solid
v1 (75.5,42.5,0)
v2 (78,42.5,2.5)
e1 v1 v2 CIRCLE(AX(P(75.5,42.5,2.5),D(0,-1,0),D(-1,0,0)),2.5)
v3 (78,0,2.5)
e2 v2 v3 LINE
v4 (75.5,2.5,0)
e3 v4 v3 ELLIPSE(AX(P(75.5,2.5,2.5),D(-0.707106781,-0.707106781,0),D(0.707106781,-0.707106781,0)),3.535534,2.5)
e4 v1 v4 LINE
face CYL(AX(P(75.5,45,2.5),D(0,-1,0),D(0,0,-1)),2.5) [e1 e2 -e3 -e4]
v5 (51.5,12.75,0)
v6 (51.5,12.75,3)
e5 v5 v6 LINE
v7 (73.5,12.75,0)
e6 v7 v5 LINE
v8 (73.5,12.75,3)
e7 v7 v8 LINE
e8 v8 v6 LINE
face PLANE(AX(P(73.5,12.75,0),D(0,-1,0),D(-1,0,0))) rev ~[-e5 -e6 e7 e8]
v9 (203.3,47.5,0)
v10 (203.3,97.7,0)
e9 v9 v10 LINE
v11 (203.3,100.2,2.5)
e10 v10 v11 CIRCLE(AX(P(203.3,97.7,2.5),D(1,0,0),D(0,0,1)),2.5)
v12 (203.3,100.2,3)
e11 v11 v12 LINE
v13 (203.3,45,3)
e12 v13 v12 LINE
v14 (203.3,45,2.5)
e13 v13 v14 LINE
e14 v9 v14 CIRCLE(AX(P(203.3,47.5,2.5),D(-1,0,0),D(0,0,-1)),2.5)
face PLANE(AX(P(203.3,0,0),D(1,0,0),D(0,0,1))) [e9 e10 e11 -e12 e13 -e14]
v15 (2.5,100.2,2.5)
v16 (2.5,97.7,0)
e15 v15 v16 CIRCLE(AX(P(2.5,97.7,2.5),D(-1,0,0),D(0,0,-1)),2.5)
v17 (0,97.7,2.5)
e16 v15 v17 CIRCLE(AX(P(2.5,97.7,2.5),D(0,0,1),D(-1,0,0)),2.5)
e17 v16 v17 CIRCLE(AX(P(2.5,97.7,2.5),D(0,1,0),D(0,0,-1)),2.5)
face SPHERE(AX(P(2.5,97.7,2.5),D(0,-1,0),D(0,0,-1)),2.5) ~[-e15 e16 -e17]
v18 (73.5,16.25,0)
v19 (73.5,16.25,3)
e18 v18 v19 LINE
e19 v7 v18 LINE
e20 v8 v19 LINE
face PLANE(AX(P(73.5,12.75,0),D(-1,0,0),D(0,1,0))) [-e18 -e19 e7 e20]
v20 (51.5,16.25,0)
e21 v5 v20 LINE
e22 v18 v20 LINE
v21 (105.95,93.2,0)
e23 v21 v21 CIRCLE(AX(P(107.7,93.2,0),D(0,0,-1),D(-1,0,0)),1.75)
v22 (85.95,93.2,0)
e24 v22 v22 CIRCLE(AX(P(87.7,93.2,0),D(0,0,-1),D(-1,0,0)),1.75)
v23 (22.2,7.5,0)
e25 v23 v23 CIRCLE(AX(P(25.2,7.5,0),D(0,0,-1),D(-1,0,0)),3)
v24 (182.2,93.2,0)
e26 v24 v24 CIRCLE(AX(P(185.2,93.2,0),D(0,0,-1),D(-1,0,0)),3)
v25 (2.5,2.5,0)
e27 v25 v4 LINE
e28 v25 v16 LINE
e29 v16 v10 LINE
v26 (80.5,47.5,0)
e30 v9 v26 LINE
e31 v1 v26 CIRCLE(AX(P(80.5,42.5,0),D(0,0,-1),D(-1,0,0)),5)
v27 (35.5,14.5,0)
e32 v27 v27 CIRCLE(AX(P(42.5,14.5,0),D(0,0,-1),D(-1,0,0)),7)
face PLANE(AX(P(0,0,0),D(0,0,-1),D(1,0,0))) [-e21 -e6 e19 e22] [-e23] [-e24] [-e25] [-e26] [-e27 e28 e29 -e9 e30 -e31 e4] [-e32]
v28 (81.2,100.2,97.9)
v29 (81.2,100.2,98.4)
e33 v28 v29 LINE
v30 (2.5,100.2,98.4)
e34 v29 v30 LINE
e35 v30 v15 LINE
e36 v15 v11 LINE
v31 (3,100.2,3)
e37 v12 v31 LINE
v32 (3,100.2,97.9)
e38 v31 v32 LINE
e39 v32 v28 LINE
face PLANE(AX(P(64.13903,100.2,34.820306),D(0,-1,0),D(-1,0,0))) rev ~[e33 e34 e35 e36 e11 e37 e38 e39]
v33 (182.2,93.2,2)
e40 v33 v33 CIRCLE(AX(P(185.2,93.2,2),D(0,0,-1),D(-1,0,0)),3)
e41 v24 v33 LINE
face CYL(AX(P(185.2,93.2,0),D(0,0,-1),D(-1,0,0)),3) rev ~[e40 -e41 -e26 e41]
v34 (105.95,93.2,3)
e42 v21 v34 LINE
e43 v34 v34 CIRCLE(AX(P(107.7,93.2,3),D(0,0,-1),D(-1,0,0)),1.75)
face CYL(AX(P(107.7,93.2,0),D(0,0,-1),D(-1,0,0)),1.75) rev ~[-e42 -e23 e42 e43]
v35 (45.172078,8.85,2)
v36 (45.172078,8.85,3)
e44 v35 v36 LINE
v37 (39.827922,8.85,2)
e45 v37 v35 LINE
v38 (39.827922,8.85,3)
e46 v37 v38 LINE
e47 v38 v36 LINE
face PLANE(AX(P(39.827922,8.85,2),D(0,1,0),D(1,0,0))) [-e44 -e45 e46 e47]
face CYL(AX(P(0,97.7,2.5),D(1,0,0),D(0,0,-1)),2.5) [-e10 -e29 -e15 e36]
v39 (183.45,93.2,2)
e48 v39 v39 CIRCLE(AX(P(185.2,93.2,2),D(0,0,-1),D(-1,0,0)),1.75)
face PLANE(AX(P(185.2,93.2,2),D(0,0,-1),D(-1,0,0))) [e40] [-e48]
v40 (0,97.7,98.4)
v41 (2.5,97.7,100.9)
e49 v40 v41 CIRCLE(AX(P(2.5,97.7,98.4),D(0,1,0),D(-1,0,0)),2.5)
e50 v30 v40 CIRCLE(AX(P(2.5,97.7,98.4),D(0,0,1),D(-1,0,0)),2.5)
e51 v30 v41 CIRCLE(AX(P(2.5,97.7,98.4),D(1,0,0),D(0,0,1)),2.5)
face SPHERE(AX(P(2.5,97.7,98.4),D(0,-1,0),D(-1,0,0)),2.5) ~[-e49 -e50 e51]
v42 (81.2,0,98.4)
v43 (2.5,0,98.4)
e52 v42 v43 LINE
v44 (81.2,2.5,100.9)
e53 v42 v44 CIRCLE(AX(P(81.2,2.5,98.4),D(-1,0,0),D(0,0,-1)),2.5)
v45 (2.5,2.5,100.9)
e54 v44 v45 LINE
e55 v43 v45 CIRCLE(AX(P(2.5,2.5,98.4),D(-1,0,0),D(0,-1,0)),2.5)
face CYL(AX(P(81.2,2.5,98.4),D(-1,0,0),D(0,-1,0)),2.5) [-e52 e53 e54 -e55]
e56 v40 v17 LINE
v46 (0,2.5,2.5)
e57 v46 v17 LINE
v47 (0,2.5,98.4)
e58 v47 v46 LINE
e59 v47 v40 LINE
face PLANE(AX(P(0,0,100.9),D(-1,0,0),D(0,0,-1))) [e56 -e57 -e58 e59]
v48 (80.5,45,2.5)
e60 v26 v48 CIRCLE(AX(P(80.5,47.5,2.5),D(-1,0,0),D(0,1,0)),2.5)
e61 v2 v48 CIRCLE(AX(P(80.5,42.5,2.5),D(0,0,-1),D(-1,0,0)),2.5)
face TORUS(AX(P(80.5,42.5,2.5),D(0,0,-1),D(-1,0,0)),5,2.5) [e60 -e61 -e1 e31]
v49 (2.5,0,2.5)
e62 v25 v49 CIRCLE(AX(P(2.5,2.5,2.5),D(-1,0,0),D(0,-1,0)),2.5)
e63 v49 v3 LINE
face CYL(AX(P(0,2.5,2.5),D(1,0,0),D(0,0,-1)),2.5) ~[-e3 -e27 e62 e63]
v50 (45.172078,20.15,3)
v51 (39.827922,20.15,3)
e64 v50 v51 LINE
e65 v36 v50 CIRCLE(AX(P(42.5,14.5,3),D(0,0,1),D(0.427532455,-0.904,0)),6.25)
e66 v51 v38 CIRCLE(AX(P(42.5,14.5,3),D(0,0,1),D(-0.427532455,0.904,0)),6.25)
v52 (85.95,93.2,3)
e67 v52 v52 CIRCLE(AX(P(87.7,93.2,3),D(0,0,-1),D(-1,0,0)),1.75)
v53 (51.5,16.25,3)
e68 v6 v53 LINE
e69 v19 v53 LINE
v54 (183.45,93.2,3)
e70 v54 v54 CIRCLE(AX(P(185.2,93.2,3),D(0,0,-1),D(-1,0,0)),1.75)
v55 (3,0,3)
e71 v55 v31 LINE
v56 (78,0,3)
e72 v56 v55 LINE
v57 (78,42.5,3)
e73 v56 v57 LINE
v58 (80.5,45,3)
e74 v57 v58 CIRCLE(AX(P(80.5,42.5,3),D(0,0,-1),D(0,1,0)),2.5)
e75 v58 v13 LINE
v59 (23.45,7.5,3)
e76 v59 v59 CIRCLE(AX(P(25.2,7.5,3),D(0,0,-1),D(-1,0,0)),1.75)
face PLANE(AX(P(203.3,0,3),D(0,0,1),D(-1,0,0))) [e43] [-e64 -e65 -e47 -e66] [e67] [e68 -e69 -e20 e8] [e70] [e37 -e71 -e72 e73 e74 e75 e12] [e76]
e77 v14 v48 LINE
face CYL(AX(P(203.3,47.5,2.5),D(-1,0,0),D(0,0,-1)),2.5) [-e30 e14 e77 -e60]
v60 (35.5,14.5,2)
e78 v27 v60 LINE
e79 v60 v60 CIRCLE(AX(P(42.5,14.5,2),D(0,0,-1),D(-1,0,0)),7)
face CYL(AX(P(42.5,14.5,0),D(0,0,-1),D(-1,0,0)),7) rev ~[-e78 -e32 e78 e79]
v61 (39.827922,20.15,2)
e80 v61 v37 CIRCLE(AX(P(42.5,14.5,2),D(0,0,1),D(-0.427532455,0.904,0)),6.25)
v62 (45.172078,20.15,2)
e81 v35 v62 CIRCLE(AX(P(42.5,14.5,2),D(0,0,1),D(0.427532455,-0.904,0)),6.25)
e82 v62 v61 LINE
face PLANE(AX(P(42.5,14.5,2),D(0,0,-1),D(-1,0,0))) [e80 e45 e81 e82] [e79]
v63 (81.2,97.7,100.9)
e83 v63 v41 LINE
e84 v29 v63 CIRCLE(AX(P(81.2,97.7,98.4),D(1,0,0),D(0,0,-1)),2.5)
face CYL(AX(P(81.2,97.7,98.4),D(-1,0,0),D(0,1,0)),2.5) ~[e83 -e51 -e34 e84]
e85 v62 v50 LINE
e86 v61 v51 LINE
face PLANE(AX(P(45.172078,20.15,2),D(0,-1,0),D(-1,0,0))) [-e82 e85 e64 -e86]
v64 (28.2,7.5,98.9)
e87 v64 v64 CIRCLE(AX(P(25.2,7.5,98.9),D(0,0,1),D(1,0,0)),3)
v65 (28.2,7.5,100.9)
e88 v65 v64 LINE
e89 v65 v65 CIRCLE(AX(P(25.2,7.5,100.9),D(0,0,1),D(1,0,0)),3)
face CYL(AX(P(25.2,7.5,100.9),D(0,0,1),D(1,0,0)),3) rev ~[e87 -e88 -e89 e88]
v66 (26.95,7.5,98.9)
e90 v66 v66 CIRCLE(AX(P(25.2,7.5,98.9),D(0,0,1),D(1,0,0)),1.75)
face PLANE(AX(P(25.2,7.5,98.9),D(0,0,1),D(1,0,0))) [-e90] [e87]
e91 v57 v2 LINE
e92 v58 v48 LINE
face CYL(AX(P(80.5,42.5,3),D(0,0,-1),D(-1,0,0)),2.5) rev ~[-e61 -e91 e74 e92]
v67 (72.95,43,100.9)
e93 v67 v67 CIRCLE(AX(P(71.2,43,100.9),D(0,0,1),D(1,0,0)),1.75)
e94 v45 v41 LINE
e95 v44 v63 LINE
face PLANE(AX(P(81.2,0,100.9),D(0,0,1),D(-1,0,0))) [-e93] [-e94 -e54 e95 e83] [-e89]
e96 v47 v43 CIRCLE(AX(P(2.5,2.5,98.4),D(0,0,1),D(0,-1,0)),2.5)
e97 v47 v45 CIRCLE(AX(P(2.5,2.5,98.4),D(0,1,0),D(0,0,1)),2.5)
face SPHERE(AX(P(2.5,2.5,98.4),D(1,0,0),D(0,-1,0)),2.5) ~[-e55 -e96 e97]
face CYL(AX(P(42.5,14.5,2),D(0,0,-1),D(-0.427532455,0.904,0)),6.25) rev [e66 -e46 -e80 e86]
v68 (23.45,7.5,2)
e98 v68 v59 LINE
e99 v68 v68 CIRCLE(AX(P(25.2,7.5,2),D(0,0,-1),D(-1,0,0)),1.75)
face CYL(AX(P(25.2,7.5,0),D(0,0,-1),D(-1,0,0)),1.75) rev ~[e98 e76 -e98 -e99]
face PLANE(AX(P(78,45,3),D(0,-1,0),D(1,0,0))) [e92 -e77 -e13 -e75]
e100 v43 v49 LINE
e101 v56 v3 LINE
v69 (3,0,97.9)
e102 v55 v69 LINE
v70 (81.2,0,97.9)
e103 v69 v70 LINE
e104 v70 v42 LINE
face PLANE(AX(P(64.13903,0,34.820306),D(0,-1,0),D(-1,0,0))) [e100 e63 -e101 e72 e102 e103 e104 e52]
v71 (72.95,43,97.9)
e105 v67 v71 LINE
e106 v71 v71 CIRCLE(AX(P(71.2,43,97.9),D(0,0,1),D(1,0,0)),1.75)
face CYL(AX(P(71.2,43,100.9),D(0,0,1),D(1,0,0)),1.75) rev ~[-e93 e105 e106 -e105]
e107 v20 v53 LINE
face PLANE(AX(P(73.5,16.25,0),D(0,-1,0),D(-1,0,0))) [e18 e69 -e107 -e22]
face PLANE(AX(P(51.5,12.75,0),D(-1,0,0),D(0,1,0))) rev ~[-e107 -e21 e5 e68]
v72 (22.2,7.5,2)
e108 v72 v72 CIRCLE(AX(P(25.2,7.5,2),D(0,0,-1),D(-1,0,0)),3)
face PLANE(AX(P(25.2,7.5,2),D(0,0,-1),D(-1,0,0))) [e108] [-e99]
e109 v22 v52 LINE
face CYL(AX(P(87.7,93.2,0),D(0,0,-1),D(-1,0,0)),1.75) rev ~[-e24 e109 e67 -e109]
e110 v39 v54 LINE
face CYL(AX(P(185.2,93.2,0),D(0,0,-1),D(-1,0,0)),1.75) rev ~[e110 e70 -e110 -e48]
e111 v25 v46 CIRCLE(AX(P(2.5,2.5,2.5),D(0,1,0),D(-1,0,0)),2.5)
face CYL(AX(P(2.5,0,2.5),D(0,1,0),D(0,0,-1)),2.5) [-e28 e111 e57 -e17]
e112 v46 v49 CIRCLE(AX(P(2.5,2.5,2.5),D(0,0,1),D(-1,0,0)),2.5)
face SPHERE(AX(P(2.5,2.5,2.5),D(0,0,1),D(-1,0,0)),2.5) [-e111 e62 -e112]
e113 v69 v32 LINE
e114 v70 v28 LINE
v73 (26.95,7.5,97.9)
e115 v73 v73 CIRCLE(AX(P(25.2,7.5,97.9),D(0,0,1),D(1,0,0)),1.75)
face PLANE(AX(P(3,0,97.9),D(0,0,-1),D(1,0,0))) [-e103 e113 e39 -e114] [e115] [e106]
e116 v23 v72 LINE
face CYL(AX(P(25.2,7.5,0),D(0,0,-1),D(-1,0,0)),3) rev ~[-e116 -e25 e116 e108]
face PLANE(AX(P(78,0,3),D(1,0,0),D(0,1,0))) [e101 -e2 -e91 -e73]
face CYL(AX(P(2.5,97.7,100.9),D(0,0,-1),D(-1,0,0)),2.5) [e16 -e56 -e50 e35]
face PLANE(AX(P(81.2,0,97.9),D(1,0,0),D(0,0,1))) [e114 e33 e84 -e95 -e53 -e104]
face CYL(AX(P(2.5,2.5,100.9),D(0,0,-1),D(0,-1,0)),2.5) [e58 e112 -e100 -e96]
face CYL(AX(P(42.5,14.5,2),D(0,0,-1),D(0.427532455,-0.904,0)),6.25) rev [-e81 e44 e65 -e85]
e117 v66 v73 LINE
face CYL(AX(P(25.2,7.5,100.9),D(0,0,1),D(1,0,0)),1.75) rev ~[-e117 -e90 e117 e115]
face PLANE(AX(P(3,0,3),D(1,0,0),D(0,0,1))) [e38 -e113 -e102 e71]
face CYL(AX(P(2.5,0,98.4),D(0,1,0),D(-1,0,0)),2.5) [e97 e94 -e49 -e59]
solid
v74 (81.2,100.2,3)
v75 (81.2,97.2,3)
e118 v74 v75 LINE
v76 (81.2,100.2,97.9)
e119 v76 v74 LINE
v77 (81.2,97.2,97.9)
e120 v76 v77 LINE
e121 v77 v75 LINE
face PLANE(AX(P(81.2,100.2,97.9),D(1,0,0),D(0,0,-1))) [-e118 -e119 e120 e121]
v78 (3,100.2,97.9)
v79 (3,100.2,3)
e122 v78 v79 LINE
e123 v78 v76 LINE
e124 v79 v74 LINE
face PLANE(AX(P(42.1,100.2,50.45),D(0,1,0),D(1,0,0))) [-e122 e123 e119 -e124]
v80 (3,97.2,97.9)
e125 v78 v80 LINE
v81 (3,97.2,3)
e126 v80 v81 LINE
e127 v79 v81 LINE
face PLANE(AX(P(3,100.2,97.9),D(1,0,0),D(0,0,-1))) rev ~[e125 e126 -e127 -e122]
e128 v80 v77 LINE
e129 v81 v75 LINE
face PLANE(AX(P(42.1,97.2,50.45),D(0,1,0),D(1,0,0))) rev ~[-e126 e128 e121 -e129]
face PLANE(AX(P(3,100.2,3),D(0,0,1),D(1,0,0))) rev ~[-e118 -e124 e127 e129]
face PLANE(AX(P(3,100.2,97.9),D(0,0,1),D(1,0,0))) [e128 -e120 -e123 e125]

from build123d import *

# Parameters (mm, degrees)
MAIN_BODY_DEPTH                  = 100.2
SKETCH5_R                        = 1.75
BACK_SCREW_HOLES_DEPTH           = 10
SKETCH12_R                       = 3
BACK_SCREW_HEADS_DEPTH           = 2
SKETCH6_W                        = 220
SKETCH6_H                        = 45
PAPER_THROUGH_HOLE_DEPTH         = 10
SKETCH7_R                        = 1.75
FRONT_LEFT_SCREW_HOLE_DEPTH      = 10
SKETCH8_R                        = 3
FRONT_LEFT_SCREW_HEAD_DEPTH      = 2
SKETCH9_W                        = 78.2
SKETCH9_H                        = 94.9
BOSS_EXTRUDE1_DEPTH              = 3
SKETCH10_R                       = 1.75
HINGE_HOLES_DEPTH                = 10
SKETCH11_R                       = 1.75
LATCH_HOLE_DEPTH                 = 10
FILLET3_R                        = 2.5
SKETCH13_R                       = 7
BARRE_JACK_OUTER_CUTOUT_DEPTH    = 2
BARREL_JACK_INNER_CUTOUT_DEPTH   = 1
SKETCH15_W                       = 22
SKETCH15_H                       = 3.5
KEYBOARD_CABLE_PASSTHROUGH_DEPTH = 3


with BuildPart() as part:
    # Sketch1 → Main_Body (new body)
    with BuildSketch(Plane(origin=(0, 0, 0), x_dir=(1, 0, 0), z_dir=(0, 1, 0))):
        Polygon((0, 0), (203.3, 0), (203.3, -3), (3, -3), (3, -97.9), (81.2, -97.9), (81.2, -100.9), (0, -100.9), align=None)
    extrude(amount=MAIN_BODY_DEPTH)

    # Sketch5 → Back_Screw_Holes (cut)
    with BuildSketch(Plane(origin=(0, 0, 0), x_dir=(-1, 0, 0), z_dir=(0, 0, -1))):
        with Locations((-25.2, 7.5)):
            Circle(SKETCH5_R)
        with Locations((-185.2, 7.5)):
            Circle(SKETCH5_R)
        with Locations((-185.2, 93.2)):
            Circle(SKETCH5_R)
    extrude(amount=-BACK_SCREW_HOLES_DEPTH, mode=Mode.SUBTRACT)

    # Sketch12 → Back_Screw_Heads (cut)
    with BuildSketch(Plane(origin=(0, 0, 0), x_dir=(-1, 0, 0), z_dir=(0, 0, -1))):
        with Locations((-25.2, 7.5)):
            Circle(SKETCH12_R)
        with Locations((-185.2, 7.5)):
            Circle(SKETCH12_R)
        with Locations((-185.2, 93.2)):
            Circle(SKETCH12_R)
    extrude(amount=-BACK_SCREW_HEADS_DEPTH, mode=Mode.SUBTRACT)

    # Sketch6 → Paper_Through_Hole (cut)
    with BuildSketch(Plane.XY.offset(3)):
        with Locations((188, 22.5)):
            Rectangle(SKETCH6_W, SKETCH6_H)
    extrude(amount=-PAPER_THROUGH_HOLE_DEPTH, mode=Mode.SUBTRACT)

    # Sketch7 → Front_Left_Screw_Hole (cut)
    with BuildSketch(Plane.XY.offset(100.9)):
        with Locations((25.2, 7.5)):
            Circle(SKETCH7_R)
    extrude(amount=-FRONT_LEFT_SCREW_HOLE_DEPTH, mode=Mode.SUBTRACT)

    # Sketch8 → Front_Left_Screw_Head (cut)
    with BuildSketch(Plane.XY.offset(100.9)):
        with Locations((25.2, 7.5)):
            Circle(SKETCH8_R)
    extrude(amount=-FRONT_LEFT_SCREW_HEAD_DEPTH, mode=Mode.SUBTRACT)

    # Sketch10 → Hinge_Holes (cut)
    with BuildSketch(Plane(origin=(0, 0, 0), x_dir=(-1, 0, 0), z_dir=(0, 0, -1))):
        with Locations((-107.7, 93.2)):
            Circle(SKETCH10_R)
        with Locations((-87.7, 93.2)):
            Circle(SKETCH10_R)
    extrude(amount=-HINGE_HOLES_DEPTH, mode=Mode.SUBTRACT)

    # Sketch11 → Latch_Hole (cut)
    with BuildSketch(Plane.XY.offset(100.9)):
        with Locations((71.2, 43)):
            Circle(SKETCH11_R)
    extrude(amount=-LATCH_HOLE_DEPTH, mode=Mode.SUBTRACT)

    # Fillet3
    fillet3_edges = [part.edges().sort_by_distance(p)[0] for p in [
        (40.6, 0, 100.9),
        (0, 0, 50.45),
        (0, 50.1, 0),
        (0, 50.1, 100.9),
        (101.65, 100.2, 0),
        (0, 100.2, 50.45),
        (39, 0, 0),
        (140.65, 45, 0),
        (78, 45, 1.5),
        (78, 22.5, 0),
        (40.6, 100.2, 100.9),
    ]]
    fillet(fillet3_edges, radius=FILLET3_R)

    # Sketch13 → Barre_Jack_Outer_Cutout (cut)
    with BuildSketch(Plane(origin=(0, 0, 0), x_dir=(-1, 0, 0), z_dir=(0, 0, -1))):
        with Locations((-42.5, 14.5)):
            Circle(SKETCH13_R)
    extrude(amount=-BARRE_JACK_OUTER_CUTOUT_DEPTH, mode=Mode.SUBTRACT)

    # Sketch14 → Barrel_Jack_Inner_Cutout (cut)
    with BuildSketch(Plane(origin=(0, 0, 2), x_dir=(-1, 0, 0), z_dir=(0, 0, -1))):
        with BuildLine():
            Line((-45.172077843, 20.15), (-39.827922157, 20.15))
            ThreePointArc((-39.827922157, 20.15), (-36.25, 14.5), (-39.827922157, 8.85))
            Line((-39.827922157, 8.85), (-45.172077843, 8.85))
            ThreePointArc((-45.172077843, 8.85), (-48.75, 14.5), (-45.172077843, 20.15))
        make_face()
    extrude(amount=-BARREL_JACK_INNER_CUTOUT_DEPTH, mode=Mode.SUBTRACT)

    # Sketch15 → Keyboard_Cable_Passthrough (cut)
    with BuildSketch(Plane(origin=(0, 0, 0), x_dir=(-1, 0, 0), z_dir=(0, 0, -1))):
        with Locations((-62.5, 14.5)):
            Rectangle(SKETCH15_W, SKETCH15_H)
    extrude(amount=-KEYBOARD_CABLE_PASSTHROUGH_DEPTH, mode=Mode.SUBTRACT)


with BuildPart() as body_2:
    # Sketch9 → Boss-Extrude1 (new body)
    with BuildSketch(Plane(origin=(0, 100.2, 0), x_dir=(1, 0, 0), z_dir=(0, 1, 0))):
        with Locations((42.1, -50.45)):
            Rectangle(SKETCH9_W, SKETCH9_H)
    extrude(amount=-BOSS_EXTRUDE1_DEPTH)


solid = Compound([part.part, body_2.part])
